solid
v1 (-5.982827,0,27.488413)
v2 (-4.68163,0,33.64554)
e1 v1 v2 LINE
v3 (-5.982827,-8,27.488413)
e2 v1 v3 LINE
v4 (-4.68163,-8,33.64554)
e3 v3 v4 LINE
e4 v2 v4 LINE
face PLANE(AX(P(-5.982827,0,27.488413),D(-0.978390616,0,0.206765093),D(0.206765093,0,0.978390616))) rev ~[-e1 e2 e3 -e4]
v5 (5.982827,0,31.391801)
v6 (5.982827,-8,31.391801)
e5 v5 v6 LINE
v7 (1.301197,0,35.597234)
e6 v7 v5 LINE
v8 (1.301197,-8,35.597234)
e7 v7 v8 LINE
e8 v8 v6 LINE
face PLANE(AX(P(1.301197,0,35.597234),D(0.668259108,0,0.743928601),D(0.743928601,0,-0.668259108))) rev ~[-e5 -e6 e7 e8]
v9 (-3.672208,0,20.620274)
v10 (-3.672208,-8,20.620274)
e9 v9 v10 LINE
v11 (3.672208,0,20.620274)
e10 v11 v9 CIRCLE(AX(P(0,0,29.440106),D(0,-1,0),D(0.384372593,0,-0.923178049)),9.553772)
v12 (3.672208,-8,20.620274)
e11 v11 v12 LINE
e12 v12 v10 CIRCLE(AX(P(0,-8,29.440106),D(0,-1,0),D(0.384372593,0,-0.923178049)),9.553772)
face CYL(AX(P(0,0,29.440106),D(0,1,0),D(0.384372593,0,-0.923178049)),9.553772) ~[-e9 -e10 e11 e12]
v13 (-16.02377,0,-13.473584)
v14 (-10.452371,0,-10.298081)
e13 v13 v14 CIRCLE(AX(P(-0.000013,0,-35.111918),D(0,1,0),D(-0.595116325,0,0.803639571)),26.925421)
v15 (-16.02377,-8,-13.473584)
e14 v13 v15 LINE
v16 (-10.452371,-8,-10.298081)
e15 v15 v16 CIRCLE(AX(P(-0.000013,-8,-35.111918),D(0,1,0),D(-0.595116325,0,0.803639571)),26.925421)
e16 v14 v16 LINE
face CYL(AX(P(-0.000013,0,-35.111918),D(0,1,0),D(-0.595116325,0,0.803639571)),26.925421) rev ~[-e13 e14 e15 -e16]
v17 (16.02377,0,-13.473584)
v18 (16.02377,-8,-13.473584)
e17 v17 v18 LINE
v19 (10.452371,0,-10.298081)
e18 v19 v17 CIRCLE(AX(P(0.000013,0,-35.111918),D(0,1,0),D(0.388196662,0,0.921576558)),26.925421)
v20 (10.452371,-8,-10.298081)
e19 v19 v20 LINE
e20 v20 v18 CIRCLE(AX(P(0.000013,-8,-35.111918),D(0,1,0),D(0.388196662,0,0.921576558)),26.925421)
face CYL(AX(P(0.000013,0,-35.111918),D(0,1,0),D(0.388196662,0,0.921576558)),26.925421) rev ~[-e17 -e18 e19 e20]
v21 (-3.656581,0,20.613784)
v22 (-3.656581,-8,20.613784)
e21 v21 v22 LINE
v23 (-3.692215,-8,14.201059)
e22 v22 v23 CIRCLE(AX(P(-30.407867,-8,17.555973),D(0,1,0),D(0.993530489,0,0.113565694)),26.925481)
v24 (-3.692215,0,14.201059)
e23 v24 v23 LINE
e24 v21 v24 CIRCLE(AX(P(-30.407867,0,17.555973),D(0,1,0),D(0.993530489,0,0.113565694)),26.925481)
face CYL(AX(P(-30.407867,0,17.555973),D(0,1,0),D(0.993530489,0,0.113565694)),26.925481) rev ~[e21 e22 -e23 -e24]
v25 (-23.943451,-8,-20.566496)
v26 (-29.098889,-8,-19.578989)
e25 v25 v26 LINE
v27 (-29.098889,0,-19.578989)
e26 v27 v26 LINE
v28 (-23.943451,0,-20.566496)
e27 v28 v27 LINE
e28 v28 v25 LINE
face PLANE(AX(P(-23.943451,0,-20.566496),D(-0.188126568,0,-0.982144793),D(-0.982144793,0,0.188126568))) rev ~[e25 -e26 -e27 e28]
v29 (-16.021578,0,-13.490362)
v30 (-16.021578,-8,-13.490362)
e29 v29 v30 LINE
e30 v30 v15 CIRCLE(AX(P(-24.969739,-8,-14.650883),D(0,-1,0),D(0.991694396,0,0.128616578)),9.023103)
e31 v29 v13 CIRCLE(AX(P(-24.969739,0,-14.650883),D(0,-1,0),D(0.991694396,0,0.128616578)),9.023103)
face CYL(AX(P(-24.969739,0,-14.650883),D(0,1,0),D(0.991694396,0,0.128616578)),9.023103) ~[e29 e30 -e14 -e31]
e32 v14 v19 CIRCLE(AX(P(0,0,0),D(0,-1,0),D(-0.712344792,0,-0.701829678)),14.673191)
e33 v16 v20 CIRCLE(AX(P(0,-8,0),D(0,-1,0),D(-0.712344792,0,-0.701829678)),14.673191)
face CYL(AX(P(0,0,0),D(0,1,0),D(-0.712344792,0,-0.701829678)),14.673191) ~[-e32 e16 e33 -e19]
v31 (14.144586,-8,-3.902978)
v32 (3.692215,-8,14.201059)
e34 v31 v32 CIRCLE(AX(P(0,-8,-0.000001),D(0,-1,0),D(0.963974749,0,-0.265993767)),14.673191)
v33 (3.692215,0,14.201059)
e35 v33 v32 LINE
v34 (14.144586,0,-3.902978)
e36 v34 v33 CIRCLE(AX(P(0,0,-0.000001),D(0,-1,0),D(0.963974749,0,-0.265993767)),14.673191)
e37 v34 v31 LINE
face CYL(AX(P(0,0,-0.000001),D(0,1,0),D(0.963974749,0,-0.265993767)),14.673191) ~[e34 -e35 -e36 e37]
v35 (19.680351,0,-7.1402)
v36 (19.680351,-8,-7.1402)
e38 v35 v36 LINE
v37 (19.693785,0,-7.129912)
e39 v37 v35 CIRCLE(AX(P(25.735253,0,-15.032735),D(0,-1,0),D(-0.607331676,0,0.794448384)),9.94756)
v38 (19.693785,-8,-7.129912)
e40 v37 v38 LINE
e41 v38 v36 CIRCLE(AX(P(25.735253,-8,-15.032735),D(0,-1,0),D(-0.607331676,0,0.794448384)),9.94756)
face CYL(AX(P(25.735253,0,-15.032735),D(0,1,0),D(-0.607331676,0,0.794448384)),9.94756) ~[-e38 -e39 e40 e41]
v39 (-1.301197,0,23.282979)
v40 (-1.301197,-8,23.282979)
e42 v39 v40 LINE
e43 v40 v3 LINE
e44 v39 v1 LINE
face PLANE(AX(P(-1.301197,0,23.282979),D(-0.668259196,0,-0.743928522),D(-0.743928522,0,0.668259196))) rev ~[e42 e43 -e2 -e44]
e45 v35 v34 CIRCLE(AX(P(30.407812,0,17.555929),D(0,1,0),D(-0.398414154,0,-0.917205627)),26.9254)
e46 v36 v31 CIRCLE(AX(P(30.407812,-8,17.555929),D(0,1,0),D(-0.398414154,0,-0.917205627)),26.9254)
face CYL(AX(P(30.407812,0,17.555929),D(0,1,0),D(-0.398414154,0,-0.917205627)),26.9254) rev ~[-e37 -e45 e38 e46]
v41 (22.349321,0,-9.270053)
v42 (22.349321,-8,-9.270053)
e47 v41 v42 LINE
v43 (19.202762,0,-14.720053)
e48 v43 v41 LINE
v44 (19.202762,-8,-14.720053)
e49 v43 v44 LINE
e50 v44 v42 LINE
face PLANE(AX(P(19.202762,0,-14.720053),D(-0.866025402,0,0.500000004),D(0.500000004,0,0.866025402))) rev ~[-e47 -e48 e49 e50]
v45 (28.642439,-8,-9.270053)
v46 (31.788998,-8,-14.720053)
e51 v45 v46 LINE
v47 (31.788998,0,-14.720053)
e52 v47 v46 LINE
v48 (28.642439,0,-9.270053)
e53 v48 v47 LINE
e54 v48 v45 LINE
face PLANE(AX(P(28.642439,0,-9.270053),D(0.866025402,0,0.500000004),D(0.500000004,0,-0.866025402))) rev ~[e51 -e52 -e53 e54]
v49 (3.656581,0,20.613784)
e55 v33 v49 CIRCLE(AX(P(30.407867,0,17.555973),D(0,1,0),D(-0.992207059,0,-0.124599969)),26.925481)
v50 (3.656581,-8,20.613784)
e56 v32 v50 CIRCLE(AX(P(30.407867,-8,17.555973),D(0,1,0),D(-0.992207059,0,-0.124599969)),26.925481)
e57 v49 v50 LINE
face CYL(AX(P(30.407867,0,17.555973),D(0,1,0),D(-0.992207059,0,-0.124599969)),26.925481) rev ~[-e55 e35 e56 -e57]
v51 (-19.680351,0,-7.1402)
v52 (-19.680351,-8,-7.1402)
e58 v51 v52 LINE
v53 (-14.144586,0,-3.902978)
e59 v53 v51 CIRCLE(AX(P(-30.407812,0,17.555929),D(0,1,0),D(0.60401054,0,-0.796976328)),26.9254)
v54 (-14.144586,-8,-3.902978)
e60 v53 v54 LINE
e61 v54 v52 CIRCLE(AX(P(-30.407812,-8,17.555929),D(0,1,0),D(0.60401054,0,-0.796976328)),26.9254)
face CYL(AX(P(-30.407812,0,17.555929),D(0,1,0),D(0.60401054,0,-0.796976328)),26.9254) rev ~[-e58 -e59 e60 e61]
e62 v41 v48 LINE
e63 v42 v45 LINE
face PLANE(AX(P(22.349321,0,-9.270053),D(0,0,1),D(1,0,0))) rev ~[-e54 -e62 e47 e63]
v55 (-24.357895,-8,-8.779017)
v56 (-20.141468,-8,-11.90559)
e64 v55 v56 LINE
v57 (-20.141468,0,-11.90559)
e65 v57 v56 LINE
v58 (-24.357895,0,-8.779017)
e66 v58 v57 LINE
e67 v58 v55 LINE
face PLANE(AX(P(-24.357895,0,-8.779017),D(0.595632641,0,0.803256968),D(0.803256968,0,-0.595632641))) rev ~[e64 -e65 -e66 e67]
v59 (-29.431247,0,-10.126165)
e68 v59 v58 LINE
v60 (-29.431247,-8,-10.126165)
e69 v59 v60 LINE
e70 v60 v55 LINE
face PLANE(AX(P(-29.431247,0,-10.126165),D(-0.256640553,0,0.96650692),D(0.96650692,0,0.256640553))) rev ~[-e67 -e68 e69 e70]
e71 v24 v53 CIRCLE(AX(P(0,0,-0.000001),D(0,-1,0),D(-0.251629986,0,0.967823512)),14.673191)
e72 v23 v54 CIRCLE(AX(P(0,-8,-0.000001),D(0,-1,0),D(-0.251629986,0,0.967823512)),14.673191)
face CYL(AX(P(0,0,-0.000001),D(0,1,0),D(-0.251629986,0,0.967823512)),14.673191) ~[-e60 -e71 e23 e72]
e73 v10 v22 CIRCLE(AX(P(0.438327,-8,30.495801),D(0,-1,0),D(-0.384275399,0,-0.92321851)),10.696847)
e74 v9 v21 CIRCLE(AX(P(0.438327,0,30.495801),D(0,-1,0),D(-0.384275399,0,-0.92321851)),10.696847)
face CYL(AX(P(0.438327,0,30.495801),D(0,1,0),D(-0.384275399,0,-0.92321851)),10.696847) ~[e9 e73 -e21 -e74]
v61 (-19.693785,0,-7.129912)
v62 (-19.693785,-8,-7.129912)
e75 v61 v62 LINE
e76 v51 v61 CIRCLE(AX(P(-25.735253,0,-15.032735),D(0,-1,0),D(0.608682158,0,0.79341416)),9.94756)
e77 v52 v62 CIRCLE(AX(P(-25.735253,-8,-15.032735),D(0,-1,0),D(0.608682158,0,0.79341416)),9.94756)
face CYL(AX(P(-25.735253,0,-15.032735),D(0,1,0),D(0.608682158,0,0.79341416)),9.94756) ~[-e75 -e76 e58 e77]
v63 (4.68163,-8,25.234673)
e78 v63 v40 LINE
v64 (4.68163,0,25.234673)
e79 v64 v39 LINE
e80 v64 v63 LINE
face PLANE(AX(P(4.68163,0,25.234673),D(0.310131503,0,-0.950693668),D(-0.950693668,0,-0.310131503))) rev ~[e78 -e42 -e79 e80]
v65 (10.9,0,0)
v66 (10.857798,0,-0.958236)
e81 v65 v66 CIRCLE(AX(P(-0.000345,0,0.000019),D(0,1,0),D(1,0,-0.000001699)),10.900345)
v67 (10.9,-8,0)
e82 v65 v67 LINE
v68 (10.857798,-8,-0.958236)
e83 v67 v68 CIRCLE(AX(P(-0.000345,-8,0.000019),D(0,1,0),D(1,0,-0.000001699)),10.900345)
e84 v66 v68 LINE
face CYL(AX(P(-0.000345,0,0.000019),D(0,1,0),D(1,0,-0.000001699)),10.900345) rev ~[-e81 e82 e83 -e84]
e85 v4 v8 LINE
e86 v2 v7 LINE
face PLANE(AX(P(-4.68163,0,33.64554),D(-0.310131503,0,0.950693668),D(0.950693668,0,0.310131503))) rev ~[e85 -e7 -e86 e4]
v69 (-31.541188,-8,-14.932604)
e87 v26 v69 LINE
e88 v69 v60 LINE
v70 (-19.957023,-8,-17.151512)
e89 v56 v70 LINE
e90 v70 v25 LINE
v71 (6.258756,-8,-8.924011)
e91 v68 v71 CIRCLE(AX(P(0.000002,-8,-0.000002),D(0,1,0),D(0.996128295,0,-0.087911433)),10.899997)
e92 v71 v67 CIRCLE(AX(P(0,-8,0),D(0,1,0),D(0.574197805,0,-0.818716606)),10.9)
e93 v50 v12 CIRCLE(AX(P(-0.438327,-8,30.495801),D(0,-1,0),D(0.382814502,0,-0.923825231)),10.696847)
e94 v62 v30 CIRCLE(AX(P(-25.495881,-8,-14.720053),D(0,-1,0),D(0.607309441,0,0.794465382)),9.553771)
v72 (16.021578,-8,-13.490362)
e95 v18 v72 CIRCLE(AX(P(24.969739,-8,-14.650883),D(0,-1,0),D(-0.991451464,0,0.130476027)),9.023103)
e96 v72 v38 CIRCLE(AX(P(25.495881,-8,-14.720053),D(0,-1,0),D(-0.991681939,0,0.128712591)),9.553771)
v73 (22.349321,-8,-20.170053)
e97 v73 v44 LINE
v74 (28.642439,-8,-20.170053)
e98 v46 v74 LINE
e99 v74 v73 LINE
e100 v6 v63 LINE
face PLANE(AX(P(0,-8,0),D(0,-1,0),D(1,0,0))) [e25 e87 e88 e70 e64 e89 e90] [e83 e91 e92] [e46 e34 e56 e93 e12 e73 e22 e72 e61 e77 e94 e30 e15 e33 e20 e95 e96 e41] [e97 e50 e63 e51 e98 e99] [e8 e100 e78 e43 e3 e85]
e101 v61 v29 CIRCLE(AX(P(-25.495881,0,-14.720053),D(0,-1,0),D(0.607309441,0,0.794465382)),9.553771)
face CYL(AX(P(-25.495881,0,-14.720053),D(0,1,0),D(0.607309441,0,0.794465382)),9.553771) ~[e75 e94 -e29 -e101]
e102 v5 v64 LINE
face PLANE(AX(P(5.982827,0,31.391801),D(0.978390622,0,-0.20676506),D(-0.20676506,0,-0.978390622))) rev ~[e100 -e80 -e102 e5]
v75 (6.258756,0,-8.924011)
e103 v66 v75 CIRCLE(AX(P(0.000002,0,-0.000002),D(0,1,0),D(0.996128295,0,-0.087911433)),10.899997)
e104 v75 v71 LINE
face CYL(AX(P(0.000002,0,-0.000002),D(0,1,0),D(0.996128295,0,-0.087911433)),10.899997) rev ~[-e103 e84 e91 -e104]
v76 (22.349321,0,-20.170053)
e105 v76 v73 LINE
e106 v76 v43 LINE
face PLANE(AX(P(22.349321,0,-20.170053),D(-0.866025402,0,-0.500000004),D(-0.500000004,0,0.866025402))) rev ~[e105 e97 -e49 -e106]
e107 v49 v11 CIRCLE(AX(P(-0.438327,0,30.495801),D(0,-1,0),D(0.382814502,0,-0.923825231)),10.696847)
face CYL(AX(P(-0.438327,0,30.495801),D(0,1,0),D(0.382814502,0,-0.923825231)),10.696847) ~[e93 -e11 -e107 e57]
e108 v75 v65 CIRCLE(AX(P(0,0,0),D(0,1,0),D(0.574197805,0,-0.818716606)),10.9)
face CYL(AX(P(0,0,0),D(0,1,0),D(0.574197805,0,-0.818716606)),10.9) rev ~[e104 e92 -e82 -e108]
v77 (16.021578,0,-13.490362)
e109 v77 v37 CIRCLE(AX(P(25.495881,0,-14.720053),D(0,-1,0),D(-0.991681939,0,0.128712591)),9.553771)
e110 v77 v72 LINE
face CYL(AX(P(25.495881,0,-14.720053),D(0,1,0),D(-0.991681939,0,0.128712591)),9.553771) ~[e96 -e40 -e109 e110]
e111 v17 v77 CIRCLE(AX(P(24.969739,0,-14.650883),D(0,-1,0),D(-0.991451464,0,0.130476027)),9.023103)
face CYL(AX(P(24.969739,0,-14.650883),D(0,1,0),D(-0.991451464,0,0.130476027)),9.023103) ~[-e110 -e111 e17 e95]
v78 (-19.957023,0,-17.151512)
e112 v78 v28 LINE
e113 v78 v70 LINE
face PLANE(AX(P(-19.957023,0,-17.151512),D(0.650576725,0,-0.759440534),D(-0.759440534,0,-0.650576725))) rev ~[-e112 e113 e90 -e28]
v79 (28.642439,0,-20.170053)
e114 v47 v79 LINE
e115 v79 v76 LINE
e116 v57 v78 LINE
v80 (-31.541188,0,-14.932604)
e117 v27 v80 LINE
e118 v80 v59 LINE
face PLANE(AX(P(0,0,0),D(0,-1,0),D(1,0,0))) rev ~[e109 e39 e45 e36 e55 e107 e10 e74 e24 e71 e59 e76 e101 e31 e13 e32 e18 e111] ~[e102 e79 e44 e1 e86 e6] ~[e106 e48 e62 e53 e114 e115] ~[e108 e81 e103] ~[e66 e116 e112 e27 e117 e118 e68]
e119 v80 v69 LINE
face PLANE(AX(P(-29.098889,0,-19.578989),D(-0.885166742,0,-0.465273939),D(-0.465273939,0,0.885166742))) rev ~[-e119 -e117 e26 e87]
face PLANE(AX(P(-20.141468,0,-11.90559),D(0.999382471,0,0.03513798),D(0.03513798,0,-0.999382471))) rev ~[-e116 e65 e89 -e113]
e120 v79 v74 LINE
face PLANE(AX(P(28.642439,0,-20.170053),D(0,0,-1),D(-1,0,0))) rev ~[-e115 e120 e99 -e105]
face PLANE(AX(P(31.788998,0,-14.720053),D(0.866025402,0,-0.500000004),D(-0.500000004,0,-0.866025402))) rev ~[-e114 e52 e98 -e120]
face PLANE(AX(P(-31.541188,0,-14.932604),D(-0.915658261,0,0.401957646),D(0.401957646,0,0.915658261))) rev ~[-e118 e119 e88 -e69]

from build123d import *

# Parameters (mm, degrees)
F1_DEPTH = 8


with BuildPart() as f1:
    # F0 (on Front) → F1 (new body)
    with BuildSketch(Plane.XZ):
        with BuildLine():
            ThreePointArc((3.672208, 20.620274), (0, 38.993878), (-3.672208, 20.620274))
            Line((-3.672208, 20.620274), (-3.672208, 20.747529))
            ThreePointArc((-3.672208, 20.747529), (-3.664311, 20.680667), (-3.656581, 20.613784))
            ThreePointArc((-3.656581, 20.613784), (-3.482802, 17.406357), (-3.692215, 14.201059))
            ThreePointArc((-3.692215, 14.201059), (-12.707356, 7.336596), (-14.144586, -3.902978))
            ThreePointArc((-14.144586, -3.902978), (-16.815748, -5.686984), (-19.680351, -7.1402))
            ThreePointArc((-19.680351, -7.1402), (-19.742138, -7.166947), (-19.803991, -7.19354))
            Line((-19.803991, -7.19354), (-19.693785, -7.129912))
            ThreePointArc((-19.693785, -7.129912), (-33.769689, -19.496939), (-16.021578, -13.490362))
            Line((-16.021578, -13.490362), (-16.131784, -13.55399))
            ThreePointArc((-16.131784, -13.55399), (-16.077827, -13.51372), (-16.02377, -13.473584))
            ThreePointArc((-16.02377, -13.473584), (-13.332947, -11.719373), (-10.452371, -10.298081))
            ThreePointArc((-10.452371, -10.298081), (0, -14.673191), (10.452371, -10.298081))
            ThreePointArc((10.452371, -10.298081), (13.332947, -11.719373), (16.02377, -13.473584))
            ThreePointArc((16.02377, -13.473584), (16.077827, -13.51372), (16.131784, -13.55399))
            Line((16.131784, -13.55399), (16.021578, -13.490362))
            ThreePointArc((16.021578, -13.490362), (33.769689, -19.496939), (19.693785, -7.129912))
            Line((19.693785, -7.129912), (19.803991, -7.19354))
            ThreePointArc((19.803991, -7.19354), (19.742138, -7.166947), (19.680351, -7.1402))
            ThreePointArc((19.680351, -7.1402), (16.815748, -5.686984), (14.144586, -3.902978))
            ThreePointArc((14.144586, -3.902978), (12.707356, 7.336596), (3.692215, 14.201059))
            ThreePointArc((3.692215, 14.201059), (3.482802, 17.406357), (3.656581, 20.613784))
            ThreePointArc((3.656581, 20.613784), (3.664311, 20.680667), (3.672208, 20.747529))
            Line((3.672208, 20.747529), (3.672208, 20.620274))
        make_face()
        Polygon((-23.943451, -20.566496), (-29.098889, -19.578989), (-31.541188, -14.932604), (-29.431247, -10.126165), (-24.357895, -8.779017), (-20.141468, -11.90559), (-19.957023, -17.151512), align=None, mode=Mode.SUBTRACT)
        Polygon((31.788998, -14.720053), (28.642439, -20.170053), (22.349321, -20.170053), (19.202762, -14.720053), (22.349321, -9.270053), (28.642439, -9.270053), align=None, mode=Mode.SUBTRACT)
        with BuildLine():
            ThreePointArc((10.9, 0), (10.889444, -0.479582), (10.857798, -0.958236))
            ThreePointArc((10.857798, -0.958236), (9.439677, -5.45), (6.258756, -8.924011))
            ThreePointArc((6.258756, -8.924011), (-9.670327, 5.029392), (10.9, 0))
        make_face(mode=Mode.SUBTRACT)
        Polygon((4.68163, 25.234673), (-1.301197, 23.282979), (-5.982827, 27.488413), (-4.68163, 33.64554), (1.301197, 35.597234), (5.982827, 31.391801), align=None, mode=Mode.SUBTRACT)
        with BuildLine():
            Line((-3.672208, 20.747529), (-3.672208, 20.620274))
            ThreePointArc((-3.672208, 20.620274), (-3.664396, 20.617026), (-3.656581, 20.613784))
            ThreePointArc((-3.656581, 20.613784), (-3.664311, 20.680667), (-3.672208, 20.747529))
        make_face()
        with BuildLine():
            ThreePointArc((3.656581, 20.613784), (3.664396, 20.617026), (3.672208, 20.620274))
            Line((3.672208, 20.620274), (3.672208, 20.747529))
            ThreePointArc((3.672208, 20.747529), (3.664311, 20.680667), (3.656581, 20.613784))
        make_face()
        with BuildLine():
            ThreePointArc((-19.803991, -7.19354), (-19.742138, -7.166947), (-19.680351, -7.1402))
            ThreePointArc((-19.680351, -7.1402), (-19.687066, -7.135053), (-19.693785, -7.129912))
            Line((-19.693785, -7.129912), (-19.803991, -7.19354))
        make_face()
        with BuildLine():
            ThreePointArc((19.693785, -7.129912), (19.687066, -7.135053), (19.680351, -7.1402))
            ThreePointArc((19.680351, -7.1402), (19.742138, -7.166947), (19.803991, -7.19354))
            Line((19.803991, -7.19354), (19.693785, -7.129912))
        make_face()
        with BuildLine():
            Line((-16.131784, -13.55399), (-16.021578, -13.490362))
            ThreePointArc((-16.021578, -13.490362), (-16.02267, -13.481973), (-16.02377, -13.473584))
            ThreePointArc((-16.02377, -13.473584), (-16.077827, -13.51372), (-16.131784, -13.55399))
        make_face()
        with BuildLine():
            ThreePointArc((16.02377, -13.473584), (16.02267, -13.481973), (16.021578, -13.490362))
            Line((16.021578, -13.490362), (16.131784, -13.55399))
            ThreePointArc((16.131784, -13.55399), (16.077827, -13.51372), (16.02377, -13.473584))
        make_face()
    extrude(amount=F1_DEPTH)


solid = f1.part
